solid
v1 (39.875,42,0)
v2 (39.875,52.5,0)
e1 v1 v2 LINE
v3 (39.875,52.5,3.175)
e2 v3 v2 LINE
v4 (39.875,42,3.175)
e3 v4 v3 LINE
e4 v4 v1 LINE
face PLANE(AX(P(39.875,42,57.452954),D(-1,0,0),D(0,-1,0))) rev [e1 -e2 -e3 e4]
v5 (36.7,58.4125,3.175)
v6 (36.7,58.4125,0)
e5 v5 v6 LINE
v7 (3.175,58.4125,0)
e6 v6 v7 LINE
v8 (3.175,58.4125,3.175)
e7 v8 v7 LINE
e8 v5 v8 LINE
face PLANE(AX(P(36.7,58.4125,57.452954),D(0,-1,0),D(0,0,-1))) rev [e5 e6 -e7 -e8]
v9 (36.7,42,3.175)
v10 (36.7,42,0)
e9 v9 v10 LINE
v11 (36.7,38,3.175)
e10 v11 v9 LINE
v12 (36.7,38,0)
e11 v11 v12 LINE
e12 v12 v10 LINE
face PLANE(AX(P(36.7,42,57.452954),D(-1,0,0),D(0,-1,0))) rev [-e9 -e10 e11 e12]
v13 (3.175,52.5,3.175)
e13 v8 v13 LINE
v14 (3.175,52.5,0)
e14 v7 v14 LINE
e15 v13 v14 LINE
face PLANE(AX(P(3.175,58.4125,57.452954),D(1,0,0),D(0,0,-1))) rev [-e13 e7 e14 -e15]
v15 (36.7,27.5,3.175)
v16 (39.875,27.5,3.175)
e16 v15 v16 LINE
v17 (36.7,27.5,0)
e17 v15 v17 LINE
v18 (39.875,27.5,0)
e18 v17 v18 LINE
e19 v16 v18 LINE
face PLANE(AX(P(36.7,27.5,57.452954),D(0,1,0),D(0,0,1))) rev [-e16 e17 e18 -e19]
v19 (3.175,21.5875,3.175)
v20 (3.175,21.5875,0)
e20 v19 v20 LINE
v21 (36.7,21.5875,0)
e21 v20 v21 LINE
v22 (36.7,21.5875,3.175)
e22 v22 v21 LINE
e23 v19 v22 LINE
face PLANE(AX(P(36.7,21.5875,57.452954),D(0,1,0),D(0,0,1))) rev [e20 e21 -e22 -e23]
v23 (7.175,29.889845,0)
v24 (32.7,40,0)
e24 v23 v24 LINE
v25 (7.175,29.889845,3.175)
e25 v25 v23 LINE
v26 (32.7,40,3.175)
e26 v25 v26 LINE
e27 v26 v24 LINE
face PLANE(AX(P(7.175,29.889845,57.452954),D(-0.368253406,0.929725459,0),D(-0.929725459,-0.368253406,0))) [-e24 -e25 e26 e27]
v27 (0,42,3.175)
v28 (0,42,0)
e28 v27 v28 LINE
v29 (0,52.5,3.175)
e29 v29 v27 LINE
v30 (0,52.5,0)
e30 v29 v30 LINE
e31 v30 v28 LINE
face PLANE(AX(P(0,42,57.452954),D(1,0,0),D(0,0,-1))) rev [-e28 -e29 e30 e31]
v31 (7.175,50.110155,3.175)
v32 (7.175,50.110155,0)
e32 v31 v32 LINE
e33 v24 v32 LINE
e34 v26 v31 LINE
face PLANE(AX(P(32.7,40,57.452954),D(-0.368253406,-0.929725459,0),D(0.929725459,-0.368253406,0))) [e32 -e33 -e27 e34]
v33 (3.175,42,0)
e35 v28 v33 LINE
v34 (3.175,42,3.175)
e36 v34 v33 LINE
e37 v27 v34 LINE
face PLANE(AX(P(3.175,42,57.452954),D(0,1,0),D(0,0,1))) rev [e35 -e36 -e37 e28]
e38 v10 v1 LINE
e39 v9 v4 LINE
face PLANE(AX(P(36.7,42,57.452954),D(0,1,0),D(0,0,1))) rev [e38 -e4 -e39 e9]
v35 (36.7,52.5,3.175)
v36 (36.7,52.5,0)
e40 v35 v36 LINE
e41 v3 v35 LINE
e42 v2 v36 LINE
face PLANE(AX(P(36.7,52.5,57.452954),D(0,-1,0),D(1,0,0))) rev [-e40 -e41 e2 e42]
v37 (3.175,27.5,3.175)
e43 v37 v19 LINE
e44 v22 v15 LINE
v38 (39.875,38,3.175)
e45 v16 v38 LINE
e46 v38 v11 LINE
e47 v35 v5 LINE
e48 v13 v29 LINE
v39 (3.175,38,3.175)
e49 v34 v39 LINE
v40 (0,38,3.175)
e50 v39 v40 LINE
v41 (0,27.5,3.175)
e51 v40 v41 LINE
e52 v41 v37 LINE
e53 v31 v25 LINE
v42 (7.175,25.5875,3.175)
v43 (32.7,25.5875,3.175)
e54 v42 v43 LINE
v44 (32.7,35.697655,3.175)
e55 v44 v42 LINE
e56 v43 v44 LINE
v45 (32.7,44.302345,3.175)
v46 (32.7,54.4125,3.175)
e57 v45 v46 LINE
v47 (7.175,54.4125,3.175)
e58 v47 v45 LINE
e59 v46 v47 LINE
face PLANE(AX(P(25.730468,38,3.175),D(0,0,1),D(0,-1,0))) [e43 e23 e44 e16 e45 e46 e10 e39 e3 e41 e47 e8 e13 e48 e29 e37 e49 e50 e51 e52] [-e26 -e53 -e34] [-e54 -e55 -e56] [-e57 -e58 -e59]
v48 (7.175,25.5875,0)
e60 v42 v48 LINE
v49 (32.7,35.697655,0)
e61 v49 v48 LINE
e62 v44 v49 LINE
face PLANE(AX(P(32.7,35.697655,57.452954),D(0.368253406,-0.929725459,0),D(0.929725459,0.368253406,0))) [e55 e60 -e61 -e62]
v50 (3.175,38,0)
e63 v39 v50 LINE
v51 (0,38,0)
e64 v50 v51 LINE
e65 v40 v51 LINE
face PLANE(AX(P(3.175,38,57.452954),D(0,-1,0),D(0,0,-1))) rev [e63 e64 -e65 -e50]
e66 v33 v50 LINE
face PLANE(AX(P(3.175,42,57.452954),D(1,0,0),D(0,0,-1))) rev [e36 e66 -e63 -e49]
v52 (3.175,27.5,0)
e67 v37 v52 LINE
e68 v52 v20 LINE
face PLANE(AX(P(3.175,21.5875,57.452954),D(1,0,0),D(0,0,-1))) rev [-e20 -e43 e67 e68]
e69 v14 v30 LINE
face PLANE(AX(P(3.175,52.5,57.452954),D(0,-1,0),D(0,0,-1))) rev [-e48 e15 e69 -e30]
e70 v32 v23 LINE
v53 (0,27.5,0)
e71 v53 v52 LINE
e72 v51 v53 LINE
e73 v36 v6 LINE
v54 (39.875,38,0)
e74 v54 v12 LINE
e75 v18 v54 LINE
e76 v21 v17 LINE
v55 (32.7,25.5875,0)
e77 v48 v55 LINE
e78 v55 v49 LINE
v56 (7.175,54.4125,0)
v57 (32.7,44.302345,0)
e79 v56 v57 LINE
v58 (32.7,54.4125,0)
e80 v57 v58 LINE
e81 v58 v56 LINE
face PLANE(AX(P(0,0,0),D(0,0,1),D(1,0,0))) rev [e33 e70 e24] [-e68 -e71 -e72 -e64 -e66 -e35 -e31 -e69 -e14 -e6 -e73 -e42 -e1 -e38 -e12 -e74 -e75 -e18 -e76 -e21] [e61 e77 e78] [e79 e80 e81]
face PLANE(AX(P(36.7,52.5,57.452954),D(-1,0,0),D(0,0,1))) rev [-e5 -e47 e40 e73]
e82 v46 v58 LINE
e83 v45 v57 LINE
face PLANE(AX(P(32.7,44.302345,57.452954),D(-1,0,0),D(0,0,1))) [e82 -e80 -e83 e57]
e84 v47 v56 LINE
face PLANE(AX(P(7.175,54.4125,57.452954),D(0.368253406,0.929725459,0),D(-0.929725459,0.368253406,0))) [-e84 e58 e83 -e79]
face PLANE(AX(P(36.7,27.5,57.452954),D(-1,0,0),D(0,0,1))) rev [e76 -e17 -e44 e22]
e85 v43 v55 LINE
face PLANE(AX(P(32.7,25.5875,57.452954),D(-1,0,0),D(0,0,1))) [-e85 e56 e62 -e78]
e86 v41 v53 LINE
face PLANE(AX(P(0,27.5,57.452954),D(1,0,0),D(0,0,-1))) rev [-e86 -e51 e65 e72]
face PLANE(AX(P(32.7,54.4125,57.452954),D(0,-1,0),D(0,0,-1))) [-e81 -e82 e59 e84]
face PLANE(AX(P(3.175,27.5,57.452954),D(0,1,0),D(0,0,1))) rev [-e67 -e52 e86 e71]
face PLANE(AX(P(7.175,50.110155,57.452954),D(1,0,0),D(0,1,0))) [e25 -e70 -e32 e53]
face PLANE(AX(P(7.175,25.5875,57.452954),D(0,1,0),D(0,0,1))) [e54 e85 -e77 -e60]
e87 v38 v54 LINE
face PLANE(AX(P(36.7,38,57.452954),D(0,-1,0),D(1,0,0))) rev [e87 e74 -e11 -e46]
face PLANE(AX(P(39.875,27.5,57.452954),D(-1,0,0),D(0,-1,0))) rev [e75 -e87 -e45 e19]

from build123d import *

# Parameters (mm, degrees)
BOSS_EXTRUDE1_DEPTH = 3.175


with BuildPart() as part:
    # Sketch1 → Boss-Extrude1 (new body)
    with BuildSketch(Plane.XY):
        Polygon((3.175, 27.5), (0, 27.5), (0, 38), (3.175, 38), (3.175, 42), (0, 42), (0, 52.5), (3.175, 52.5), (3.175, 58.4125), (36.7, 58.4125), (36.7, 52.5), (39.875, 52.5), (39.875, 42), (36.7, 42), (36.7, 38), (39.875, 38), (39.875, 27.5), (36.7, 27.5), (36.7, 21.5875), (3.175, 21.5875), align=None)
        Polygon((32.7, 40), (7.175, 50.110154656), (7.175, 29.889845344), align=None, mode=Mode.SUBTRACT)
        Polygon((32.7, 54.4125), (7.175, 54.4125), (32.7, 44.302345344), align=None, mode=Mode.SUBTRACT)
        Polygon((32.7, 25.5875), (32.7, 35.697654656), (7.175, 25.5875), align=None, mode=Mode.SUBTRACT)
    extrude(amount=BOSS_EXTRUDE1_DEPTH)


solid = part.part
